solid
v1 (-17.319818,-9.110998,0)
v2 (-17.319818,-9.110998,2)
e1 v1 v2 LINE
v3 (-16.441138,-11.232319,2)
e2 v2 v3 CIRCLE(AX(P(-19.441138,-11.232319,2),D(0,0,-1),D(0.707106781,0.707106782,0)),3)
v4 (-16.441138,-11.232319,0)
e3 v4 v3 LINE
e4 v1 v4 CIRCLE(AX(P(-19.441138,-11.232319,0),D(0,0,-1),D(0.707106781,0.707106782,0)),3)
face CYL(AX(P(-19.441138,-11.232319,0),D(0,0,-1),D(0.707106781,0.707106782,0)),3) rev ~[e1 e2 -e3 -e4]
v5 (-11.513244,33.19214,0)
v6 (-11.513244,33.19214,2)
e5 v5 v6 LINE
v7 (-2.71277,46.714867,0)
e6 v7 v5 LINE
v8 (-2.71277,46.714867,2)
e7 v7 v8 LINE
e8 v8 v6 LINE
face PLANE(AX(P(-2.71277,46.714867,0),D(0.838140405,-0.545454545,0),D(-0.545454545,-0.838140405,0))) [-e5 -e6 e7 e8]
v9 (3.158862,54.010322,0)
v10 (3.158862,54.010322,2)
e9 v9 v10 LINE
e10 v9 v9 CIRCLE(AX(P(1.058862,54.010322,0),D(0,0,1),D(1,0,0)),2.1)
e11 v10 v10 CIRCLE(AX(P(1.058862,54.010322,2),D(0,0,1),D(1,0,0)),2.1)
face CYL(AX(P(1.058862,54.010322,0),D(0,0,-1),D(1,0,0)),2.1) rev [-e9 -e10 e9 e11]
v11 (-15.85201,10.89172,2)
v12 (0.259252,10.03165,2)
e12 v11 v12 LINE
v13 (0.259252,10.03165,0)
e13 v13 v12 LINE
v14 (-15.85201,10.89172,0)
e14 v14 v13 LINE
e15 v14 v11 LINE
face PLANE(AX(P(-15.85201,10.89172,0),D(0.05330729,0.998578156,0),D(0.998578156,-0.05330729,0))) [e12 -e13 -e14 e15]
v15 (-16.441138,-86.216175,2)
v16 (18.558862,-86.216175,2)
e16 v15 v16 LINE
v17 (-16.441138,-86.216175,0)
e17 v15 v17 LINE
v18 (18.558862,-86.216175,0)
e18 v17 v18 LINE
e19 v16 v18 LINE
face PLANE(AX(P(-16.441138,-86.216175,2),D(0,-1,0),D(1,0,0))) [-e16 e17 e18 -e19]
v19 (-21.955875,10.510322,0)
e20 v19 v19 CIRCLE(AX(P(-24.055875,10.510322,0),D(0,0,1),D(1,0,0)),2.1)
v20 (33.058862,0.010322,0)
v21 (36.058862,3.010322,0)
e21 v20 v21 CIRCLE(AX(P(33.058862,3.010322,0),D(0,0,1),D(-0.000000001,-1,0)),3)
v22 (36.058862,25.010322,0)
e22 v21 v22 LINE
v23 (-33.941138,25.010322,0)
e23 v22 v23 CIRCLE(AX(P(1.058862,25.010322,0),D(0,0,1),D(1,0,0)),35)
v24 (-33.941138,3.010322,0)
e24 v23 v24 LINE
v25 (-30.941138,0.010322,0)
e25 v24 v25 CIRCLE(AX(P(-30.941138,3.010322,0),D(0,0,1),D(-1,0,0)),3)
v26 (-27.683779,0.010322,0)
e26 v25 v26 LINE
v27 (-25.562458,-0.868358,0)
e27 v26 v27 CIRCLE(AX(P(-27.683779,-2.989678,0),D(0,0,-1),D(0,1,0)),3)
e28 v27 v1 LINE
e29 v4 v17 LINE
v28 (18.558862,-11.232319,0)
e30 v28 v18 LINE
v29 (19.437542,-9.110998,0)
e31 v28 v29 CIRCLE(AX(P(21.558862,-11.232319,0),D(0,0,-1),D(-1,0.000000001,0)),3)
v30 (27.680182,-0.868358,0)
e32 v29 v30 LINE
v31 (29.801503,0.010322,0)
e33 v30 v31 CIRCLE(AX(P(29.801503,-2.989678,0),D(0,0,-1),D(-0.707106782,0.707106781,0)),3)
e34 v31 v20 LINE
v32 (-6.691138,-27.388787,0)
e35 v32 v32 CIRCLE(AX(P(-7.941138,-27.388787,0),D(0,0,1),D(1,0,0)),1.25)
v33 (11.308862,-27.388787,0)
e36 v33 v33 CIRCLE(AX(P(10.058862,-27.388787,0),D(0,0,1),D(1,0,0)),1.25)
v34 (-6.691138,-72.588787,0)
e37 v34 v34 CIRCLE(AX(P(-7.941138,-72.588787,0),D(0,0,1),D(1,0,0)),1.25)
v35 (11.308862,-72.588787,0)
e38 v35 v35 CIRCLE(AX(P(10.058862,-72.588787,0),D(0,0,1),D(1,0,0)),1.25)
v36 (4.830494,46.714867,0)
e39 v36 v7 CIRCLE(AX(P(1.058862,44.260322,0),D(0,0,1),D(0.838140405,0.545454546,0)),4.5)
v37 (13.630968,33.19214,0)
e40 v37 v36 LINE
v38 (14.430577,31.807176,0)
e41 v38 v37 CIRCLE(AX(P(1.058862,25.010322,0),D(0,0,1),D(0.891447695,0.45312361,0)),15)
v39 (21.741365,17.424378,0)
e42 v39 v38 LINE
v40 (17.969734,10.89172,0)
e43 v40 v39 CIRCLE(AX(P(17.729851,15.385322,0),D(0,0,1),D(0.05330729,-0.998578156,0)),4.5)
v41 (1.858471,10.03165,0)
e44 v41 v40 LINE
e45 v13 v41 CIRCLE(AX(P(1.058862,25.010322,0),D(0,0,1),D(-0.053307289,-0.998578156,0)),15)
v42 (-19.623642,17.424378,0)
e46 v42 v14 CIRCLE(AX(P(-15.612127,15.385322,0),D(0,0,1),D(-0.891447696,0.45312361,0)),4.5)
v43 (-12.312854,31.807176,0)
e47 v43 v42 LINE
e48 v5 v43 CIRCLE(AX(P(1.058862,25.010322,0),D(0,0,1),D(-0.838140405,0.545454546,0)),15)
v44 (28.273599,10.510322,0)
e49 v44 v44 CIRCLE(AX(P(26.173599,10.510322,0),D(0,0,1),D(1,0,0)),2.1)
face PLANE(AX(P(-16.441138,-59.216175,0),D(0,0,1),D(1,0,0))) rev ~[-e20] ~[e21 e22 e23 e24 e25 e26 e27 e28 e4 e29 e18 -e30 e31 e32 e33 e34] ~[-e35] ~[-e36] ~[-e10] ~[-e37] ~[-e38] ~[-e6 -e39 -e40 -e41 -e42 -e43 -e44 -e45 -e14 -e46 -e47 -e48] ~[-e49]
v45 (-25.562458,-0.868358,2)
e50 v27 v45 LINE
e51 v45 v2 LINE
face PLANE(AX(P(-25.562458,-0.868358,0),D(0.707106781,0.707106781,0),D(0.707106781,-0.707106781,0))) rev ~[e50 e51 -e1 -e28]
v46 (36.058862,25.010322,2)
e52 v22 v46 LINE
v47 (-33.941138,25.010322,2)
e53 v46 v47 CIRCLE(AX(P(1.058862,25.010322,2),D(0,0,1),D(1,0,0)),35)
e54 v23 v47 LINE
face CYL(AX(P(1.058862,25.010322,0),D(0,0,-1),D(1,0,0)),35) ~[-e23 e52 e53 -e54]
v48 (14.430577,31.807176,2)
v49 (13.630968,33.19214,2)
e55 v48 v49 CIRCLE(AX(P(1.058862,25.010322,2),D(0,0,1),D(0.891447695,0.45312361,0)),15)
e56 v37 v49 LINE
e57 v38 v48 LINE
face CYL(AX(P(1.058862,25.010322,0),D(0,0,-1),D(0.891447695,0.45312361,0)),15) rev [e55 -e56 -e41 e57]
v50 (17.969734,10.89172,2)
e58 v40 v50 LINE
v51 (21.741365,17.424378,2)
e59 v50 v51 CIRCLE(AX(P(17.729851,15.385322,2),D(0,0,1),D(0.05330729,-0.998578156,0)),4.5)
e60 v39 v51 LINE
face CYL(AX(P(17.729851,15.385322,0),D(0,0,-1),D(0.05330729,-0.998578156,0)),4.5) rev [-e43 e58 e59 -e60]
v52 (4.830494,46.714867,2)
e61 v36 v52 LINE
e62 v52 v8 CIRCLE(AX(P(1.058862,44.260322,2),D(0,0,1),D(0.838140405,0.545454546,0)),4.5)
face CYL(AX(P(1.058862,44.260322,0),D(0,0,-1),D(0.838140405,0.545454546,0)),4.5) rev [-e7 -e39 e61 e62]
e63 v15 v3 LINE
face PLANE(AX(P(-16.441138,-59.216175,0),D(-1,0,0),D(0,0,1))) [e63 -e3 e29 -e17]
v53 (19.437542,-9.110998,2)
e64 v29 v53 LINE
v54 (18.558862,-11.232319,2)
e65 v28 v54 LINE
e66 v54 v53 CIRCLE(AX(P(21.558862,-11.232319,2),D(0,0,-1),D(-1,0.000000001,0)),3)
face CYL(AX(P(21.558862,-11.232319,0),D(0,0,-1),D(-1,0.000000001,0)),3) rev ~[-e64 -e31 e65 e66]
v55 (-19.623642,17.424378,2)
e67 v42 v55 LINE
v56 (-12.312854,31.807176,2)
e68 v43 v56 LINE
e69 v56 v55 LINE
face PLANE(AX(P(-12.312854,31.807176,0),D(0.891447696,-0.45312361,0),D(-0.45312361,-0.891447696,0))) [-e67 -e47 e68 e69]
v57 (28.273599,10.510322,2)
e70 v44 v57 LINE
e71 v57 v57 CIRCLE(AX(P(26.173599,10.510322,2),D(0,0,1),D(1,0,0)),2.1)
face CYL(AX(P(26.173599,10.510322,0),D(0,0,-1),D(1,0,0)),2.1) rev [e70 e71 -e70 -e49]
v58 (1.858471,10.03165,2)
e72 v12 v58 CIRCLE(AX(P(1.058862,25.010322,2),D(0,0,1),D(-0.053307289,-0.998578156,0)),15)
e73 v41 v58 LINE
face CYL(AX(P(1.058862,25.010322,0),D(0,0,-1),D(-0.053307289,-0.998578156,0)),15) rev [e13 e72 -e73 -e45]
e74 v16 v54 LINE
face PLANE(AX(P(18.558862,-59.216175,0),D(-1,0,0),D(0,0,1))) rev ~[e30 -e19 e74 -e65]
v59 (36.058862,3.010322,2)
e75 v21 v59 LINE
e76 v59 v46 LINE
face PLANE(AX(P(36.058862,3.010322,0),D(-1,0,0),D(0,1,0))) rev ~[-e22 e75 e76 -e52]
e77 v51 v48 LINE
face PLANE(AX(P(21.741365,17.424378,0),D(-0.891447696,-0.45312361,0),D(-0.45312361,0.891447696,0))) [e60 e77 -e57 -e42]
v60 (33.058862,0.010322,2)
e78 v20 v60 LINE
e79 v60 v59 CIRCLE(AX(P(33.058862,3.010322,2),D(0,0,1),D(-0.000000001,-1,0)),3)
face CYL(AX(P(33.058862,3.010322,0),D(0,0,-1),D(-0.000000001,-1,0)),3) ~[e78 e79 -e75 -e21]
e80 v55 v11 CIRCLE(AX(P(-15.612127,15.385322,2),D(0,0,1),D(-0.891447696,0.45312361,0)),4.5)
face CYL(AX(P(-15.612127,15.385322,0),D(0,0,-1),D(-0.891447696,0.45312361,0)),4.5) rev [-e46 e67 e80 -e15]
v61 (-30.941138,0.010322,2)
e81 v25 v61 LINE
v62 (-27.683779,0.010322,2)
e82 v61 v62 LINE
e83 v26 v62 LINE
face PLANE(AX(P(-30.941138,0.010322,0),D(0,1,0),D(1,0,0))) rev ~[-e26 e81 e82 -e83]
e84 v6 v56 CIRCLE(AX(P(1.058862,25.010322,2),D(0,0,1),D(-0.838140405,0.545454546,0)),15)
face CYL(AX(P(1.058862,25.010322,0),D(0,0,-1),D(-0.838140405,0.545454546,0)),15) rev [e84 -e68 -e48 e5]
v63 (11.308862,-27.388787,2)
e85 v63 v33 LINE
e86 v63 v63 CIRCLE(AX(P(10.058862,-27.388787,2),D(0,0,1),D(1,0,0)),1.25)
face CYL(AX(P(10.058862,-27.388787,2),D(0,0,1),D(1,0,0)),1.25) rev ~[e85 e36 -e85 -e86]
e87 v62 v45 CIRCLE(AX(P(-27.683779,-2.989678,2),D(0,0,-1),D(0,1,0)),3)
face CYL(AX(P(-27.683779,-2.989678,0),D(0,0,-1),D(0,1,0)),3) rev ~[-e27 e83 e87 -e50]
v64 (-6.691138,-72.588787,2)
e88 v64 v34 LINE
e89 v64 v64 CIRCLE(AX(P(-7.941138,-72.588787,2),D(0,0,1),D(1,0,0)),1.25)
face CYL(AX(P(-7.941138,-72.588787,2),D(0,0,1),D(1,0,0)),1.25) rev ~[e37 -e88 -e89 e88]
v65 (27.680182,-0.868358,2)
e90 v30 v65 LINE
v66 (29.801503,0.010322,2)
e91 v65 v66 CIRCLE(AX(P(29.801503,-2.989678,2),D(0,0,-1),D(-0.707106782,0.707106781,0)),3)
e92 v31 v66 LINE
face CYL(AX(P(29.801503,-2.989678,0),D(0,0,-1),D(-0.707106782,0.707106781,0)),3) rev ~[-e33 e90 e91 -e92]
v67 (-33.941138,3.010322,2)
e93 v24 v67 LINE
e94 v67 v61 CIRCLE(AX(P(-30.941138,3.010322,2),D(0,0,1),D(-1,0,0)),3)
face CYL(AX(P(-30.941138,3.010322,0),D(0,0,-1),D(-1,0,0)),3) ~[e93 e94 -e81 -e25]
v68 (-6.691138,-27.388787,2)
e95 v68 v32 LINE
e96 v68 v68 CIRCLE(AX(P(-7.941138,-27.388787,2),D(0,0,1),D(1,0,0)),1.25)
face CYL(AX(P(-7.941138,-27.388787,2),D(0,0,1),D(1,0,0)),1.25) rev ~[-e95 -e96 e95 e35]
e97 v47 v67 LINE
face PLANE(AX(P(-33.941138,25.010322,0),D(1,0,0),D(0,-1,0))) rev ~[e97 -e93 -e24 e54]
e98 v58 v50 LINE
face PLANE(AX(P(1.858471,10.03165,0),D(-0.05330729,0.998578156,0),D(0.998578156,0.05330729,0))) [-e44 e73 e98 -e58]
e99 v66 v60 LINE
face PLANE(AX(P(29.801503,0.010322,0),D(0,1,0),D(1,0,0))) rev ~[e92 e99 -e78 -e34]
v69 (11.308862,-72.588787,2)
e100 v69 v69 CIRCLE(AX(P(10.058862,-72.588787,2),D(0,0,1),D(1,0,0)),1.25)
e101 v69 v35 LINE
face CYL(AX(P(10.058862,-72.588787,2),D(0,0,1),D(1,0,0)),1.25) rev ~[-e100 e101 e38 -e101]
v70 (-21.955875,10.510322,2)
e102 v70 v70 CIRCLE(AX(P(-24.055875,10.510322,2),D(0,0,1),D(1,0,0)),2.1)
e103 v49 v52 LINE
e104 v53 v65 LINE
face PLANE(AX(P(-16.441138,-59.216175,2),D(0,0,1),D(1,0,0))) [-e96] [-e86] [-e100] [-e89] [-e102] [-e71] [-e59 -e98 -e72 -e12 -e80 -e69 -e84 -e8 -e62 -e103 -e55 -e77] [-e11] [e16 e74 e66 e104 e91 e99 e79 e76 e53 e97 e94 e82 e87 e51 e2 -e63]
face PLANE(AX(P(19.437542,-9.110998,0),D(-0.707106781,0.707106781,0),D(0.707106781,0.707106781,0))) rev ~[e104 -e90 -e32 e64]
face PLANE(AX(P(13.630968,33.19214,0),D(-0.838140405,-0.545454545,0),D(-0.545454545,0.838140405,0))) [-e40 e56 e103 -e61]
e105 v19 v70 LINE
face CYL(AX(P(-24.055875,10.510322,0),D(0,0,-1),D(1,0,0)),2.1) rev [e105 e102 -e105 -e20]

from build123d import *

# Parameters (mm, degrees)
SKETCH_1_R          = 2.1
EXTRUDE_1_DEPTH     = 2
SKETCH_2_W          = 35
SKETCH_2_H          = 2
EXTRUDE_2_DEPTH     = 30
SKETCH_4_W          = 35
SKETCH_4_H          = 3
CUT_EXTRUDE_2_DEPTH = 10
SKETCH_5_R          = 1.25
CUT_EXTRUDE_3_DEPTH = 10


with BuildPart() as part:
    # 草图1 → 凸台-拉伸1 (new body)
    with BuildSketch(Plane.XY):
        with BuildLine():
            Line((-33.941138155, 25.010321846), (-33.941138155, 3.010321846))
            ThreePointArc((-33.941138155, 3.010321846), (-33.062458498, 0.889001502), (-30.941138155, 0.010321846))
            Line((-30.941138155, 0.010321846), (-27.683778842, 0.010321846))
            ThreePointArc((-27.683778842, 0.010321846), (-26.535728545, -0.218039556), (-25.562458498, -0.86835781))
            Line((-25.562458498, -0.86835781), (-17.319817811, -9.110998498))
            ThreePointArc((-17.319817811, -9.110998498), (-16.669499557, -10.084268544), (-16.441138155, -11.232318841))
            Line((-16.441138155, -11.232318841), (-16.441138155, -59.216175462))
            Line((-16.441138155, -59.216175462), (18.558861845, -59.216175462))
            Line((18.558861845, -59.216175462), (18.558861845, -11.232318841))
            ThreePointArc((18.558861845, -11.232318841), (18.787223248, -10.084268544), (19.437541502, -9.110998498))
            Line((19.437541502, -9.110998498), (27.680182189, -0.86835781))
            ThreePointArc((27.680182189, -0.86835781), (28.653452235, -0.218039556), (29.801502532, 0.010321846))
            Line((29.801502532, 0.010321846), (33.058861845, 0.010321846))
            ThreePointArc((33.058861845, 0.010321846), (35.180182189, 0.889001502), (36.058861845, 3.010321846))
            Line((36.058861845, 3.010321846), (36.058861845, 25.010321846))
            ThreePointArc((36.058861845, 25.010321846), (1.058861845, 60.010321846), (-33.941138155, 25.010321846))
        make_face()
        with Locations((26.173598555, 10.510321846)):
            Circle(SKETCH_1_R, mode=Mode.SUBTRACT)
        with Locations((-24.055874865, 10.510321846)):
            Circle(SKETCH_1_R, mode=Mode.SUBTRACT)
        with Locations((1.058861845, 54.010321846)):
            Circle(SKETCH_1_R, mode=Mode.SUBTRACT)
        with BuildLine():
            Line((13.630967923, 33.192140028), (4.830493669, 46.714867301))
            ThreePointArc((4.830493669, 46.714867301), (1.058861845, 48.760321846), (-2.712769978, 46.714867301))
            Line((-2.712769978, 46.714867301), (-11.513244233, 33.192140028))
            ThreePointArc((-11.513244233, 33.192140028), (-11.931519212, 32.510321846), (-12.312853589, 31.807175998))
            Line((-12.312853589, 31.807175998), (-19.623641808, 17.424378092))
            ThreePointArc((-19.623641808, 17.424378092), (-19.509241495, 13.135321846), (-15.852009984, 10.891720146))
            Line((-15.852009984, 10.891720146), (0.25925249, 10.031649512))
            ThreePointArc((0.25925249, 10.031649512), (1.058861845, 10.010321846), (1.858471201, 10.031649512))
            Line((1.858471201, 10.031649512), (17.969733675, 10.891720146))
            ThreePointArc((17.969733675, 10.891720146), (21.626965185, 13.135321846), (21.741365498, 17.424378092))
            Line((21.741365498, 17.424378092), (14.430577279, 31.807175998))
            ThreePointArc((14.430577279, 31.807175998), (14.049242902, 32.510321846), (13.630967923, 33.192140028))
        make_face(mode=Mode.SUBTRACT)
    extrude(amount=EXTRUDE_1_DEPTH)

    # 草图2 → 凸台-拉伸2 (add)
    with BuildSketch(Plane.XZ.offset(59.216175462)):
        with Locations((1.058861845, 1)):
            Rectangle(SKETCH_2_W, SKETCH_2_H)
    extrude(amount=EXTRUDE_2_DEPTH)

    # 草图4 → 切除-拉伸2 (cut)
    with BuildSketch(Plane.XY.offset(2)):
        with Locations((1.058861845, -87.716175462)):
            Rectangle(SKETCH_4_W, SKETCH_4_H)
    extrude(amount=-CUT_EXTRUDE_2_DEPTH, mode=Mode.SUBTRACT)

    # 草图5 → 切除-拉伸3 (cut)
    with BuildSketch(Plane.XY.offset(2)):
        with Locations((10.058861845, -27.388786859)):
            Circle(SKETCH_5_R)
        with Locations((-7.941138155, -27.388786859)):
            Circle(SKETCH_5_R)
        with Locations((-7.941138155, -72.588786859)):
            Circle(SKETCH_5_R)
        with Locations((10.058861845, -72.588786859)):
            Circle(SKETCH_5_R)
    extrude(amount=-CUT_EXTRUDE_3_DEPTH, mode=Mode.SUBTRACT)


solid = part.part
